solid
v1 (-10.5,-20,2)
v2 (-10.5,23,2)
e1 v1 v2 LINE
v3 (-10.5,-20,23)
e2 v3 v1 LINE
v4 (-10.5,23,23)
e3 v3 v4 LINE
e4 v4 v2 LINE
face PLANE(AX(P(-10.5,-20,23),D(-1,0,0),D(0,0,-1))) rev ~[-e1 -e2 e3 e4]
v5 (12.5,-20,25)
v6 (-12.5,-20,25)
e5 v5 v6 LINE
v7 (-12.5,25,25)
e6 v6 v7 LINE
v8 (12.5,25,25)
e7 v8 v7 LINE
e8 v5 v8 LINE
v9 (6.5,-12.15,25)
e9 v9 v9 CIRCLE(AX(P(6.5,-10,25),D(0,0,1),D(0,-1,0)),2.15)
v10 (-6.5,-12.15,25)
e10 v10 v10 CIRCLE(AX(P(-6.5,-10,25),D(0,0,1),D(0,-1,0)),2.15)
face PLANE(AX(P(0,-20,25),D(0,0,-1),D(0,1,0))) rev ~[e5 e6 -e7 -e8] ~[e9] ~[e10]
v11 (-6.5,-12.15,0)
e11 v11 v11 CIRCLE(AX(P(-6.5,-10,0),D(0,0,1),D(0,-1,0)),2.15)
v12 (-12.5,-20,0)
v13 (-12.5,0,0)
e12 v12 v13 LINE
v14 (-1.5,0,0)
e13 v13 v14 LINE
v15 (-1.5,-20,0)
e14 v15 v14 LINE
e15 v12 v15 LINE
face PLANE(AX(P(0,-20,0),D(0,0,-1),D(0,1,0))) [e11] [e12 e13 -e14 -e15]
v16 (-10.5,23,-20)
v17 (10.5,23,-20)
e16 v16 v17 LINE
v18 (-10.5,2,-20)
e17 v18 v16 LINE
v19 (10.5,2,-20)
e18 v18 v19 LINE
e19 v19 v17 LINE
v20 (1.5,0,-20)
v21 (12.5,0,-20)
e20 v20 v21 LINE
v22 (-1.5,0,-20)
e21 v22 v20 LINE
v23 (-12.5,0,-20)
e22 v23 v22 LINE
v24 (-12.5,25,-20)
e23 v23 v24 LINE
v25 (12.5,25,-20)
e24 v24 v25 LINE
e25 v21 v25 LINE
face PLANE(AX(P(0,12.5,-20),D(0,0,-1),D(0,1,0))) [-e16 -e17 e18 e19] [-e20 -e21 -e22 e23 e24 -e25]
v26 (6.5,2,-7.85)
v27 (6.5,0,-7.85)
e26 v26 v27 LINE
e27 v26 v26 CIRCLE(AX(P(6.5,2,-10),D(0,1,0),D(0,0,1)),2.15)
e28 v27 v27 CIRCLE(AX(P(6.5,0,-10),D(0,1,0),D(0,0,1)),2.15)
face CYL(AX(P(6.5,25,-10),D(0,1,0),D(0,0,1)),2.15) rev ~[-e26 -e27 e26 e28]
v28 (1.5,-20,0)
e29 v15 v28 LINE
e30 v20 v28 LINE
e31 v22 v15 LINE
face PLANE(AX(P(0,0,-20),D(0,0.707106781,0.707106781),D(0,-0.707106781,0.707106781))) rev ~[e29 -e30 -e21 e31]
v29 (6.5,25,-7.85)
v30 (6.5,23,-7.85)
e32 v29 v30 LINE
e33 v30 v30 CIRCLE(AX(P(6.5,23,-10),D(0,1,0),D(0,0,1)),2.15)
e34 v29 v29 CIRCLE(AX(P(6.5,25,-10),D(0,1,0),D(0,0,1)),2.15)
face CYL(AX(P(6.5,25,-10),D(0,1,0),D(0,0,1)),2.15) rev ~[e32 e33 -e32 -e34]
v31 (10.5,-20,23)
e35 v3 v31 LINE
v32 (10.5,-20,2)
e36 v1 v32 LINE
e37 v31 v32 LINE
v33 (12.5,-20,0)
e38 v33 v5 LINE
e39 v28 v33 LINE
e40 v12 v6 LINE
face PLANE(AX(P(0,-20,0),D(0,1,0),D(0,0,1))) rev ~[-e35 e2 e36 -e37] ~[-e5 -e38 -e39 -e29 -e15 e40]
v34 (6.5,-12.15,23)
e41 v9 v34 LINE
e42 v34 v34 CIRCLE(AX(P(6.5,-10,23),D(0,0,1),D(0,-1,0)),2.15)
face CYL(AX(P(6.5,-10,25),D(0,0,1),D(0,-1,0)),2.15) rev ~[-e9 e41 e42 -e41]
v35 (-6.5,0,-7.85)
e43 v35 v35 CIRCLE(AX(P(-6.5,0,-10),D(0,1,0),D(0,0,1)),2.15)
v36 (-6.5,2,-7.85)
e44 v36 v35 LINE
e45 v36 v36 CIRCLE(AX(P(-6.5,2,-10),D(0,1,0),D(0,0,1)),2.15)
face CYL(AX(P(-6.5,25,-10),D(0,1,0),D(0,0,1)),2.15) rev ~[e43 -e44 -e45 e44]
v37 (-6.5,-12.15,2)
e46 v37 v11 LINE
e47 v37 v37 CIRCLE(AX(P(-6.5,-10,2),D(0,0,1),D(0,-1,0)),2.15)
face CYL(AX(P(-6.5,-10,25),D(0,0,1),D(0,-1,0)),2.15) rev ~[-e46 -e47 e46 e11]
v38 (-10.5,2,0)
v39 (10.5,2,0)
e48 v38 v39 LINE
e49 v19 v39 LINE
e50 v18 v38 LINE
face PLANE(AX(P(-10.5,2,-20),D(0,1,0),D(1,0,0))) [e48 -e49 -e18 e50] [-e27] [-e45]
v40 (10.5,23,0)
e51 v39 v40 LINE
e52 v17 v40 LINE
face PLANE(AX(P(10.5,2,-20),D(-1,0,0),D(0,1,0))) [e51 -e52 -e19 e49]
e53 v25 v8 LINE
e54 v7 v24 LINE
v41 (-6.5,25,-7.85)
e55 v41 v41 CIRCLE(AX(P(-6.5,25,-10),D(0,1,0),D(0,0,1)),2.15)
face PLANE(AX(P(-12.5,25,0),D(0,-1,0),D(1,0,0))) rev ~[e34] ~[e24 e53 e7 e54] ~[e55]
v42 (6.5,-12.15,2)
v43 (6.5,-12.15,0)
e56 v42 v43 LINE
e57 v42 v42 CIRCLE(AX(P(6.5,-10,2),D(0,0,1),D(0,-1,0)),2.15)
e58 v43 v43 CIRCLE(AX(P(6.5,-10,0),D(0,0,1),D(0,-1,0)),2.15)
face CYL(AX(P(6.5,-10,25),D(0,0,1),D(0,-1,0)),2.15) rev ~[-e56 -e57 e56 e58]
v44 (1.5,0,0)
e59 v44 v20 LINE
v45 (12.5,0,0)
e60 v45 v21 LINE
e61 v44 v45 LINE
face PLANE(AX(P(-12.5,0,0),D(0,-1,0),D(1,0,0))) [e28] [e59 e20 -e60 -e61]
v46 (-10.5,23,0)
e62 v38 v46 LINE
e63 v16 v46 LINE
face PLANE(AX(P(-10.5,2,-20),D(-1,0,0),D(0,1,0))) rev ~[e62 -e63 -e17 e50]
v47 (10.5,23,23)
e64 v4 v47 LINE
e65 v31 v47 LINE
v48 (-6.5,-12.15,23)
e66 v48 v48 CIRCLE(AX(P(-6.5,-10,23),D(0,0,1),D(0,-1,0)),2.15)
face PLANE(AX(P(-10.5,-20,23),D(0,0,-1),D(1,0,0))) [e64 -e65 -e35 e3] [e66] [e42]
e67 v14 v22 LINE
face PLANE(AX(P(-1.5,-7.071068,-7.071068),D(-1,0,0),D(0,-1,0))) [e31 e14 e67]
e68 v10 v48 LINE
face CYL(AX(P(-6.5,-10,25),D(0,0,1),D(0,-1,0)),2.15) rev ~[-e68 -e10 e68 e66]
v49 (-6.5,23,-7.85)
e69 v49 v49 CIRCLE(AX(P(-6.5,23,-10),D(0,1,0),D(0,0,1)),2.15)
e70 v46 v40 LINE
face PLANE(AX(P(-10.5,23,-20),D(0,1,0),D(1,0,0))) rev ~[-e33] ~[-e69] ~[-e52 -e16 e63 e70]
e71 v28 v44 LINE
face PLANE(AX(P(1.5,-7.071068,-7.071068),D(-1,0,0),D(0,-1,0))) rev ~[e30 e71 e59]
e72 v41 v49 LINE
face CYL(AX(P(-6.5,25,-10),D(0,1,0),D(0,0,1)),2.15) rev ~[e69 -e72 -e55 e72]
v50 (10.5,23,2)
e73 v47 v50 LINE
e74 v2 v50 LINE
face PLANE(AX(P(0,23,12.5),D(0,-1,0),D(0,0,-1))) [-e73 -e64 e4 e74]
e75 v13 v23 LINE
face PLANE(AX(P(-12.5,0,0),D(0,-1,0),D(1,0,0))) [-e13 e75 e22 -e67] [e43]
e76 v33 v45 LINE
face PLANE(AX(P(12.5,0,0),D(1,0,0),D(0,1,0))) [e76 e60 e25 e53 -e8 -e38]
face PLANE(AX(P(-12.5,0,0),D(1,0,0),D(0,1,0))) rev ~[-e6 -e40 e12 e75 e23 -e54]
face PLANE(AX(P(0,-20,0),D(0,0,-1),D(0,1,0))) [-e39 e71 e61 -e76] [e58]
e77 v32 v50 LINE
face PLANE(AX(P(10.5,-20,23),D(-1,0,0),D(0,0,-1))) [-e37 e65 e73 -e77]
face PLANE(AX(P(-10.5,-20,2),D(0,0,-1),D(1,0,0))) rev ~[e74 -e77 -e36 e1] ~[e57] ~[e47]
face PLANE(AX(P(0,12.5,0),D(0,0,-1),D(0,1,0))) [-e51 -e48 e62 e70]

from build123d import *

# Parameters (mm, degrees)
SKETCH_W        = 45
SKETCH_H        = 25
PAD_DEPTH       = 12.5
SKETCH001_W     = 25
SKETCH001_H     = 25
PAD001_DEPTH    = 20
PAD002_DEPTH    = 1.5
SKETCH005_W     = 21
SKETCH005_H     = 21
POCKET_DEPTH    = 43
SKETCH006_W     = 21
SKETCH006_H     = 21
POCKET001_DEPTH = 20
SKETCH007_R     = 2.15
POCKET002_DEPTH = 45.001
SKETCH008_R     = 2.15
POCKET003_DEPTH = 45.001


with BuildPart() as part:
    # Sketch → Pad (new body, symmetric)
    with BuildSketch(Plane.YZ):
        with Locations((2.5, 12.5)):
            Rectangle(SKETCH_W, SKETCH_H)
    extrude(amount=PAD_DEPTH, both=True)

    # Sketch001 (on Face3 of Pad) → Pad001 (join)
    with BuildSketch(Plane.YX):
        with Locations((12.5, 0)):
            Rectangle(SKETCH001_W, SKETCH001_H)
    extrude(amount=PAD001_DEPTH)

    # Sketch004 → Pad002 (join, symmetric)
    with BuildSketch(Plane.YZ):
        Polygon((-20, 0), (0, 0), (0, -20), align=None)
    extrude(amount=PAD002_DEPTH, both=True)

    # Sketch005 (on Face2 of Pad002) → Pocket (cut)
    with BuildSketch(Plane(origin=(0, -20, 0), x_dir=(0, 0, -1), z_dir=(0, -1, 0))):
        with Locations((-12.5, 0)):
            Rectangle(SKETCH005_W, SKETCH005_H)
    extrude(amount=-POCKET_DEPTH, mode=Mode.SUBTRACT)

    # Sketch006 (on Face13 of Pocket) → Pocket001 (cut)
    with BuildSketch(Plane.YX.offset(20)):
        with Locations((12.5, 0)):
            Rectangle(SKETCH006_W, SKETCH006_H)
    extrude(amount=-POCKET001_DEPTH, mode=Mode.SUBTRACT)

    # Sketch007 (on Face3 of Pocket001) → Pocket002 (cut, through all)
    with BuildSketch(Plane.ZX.offset(25)):
        with Locations((-10, 6.5)):
            Circle(SKETCH007_R)
        with Locations((-10, -6.5)):
            Circle(SKETCH007_R)
    extrude(amount=-POCKET002_DEPTH, mode=Mode.SUBTRACT)

    # Sketch008 (on Face1 of Pocket002) → Pocket003 (cut, through all)
    with BuildSketch(Plane(origin=(0, 0, 25), x_dir=(0, -1, 0), z_dir=(0, 0, 1))):
        with Locations((10, 6.5)):
            Circle(SKETCH008_R)
        with Locations((10, -6.5)):
            Circle(SKETCH008_R)
    extrude(amount=-POCKET003_DEPTH, mode=Mode.SUBTRACT)


solid = part.part
